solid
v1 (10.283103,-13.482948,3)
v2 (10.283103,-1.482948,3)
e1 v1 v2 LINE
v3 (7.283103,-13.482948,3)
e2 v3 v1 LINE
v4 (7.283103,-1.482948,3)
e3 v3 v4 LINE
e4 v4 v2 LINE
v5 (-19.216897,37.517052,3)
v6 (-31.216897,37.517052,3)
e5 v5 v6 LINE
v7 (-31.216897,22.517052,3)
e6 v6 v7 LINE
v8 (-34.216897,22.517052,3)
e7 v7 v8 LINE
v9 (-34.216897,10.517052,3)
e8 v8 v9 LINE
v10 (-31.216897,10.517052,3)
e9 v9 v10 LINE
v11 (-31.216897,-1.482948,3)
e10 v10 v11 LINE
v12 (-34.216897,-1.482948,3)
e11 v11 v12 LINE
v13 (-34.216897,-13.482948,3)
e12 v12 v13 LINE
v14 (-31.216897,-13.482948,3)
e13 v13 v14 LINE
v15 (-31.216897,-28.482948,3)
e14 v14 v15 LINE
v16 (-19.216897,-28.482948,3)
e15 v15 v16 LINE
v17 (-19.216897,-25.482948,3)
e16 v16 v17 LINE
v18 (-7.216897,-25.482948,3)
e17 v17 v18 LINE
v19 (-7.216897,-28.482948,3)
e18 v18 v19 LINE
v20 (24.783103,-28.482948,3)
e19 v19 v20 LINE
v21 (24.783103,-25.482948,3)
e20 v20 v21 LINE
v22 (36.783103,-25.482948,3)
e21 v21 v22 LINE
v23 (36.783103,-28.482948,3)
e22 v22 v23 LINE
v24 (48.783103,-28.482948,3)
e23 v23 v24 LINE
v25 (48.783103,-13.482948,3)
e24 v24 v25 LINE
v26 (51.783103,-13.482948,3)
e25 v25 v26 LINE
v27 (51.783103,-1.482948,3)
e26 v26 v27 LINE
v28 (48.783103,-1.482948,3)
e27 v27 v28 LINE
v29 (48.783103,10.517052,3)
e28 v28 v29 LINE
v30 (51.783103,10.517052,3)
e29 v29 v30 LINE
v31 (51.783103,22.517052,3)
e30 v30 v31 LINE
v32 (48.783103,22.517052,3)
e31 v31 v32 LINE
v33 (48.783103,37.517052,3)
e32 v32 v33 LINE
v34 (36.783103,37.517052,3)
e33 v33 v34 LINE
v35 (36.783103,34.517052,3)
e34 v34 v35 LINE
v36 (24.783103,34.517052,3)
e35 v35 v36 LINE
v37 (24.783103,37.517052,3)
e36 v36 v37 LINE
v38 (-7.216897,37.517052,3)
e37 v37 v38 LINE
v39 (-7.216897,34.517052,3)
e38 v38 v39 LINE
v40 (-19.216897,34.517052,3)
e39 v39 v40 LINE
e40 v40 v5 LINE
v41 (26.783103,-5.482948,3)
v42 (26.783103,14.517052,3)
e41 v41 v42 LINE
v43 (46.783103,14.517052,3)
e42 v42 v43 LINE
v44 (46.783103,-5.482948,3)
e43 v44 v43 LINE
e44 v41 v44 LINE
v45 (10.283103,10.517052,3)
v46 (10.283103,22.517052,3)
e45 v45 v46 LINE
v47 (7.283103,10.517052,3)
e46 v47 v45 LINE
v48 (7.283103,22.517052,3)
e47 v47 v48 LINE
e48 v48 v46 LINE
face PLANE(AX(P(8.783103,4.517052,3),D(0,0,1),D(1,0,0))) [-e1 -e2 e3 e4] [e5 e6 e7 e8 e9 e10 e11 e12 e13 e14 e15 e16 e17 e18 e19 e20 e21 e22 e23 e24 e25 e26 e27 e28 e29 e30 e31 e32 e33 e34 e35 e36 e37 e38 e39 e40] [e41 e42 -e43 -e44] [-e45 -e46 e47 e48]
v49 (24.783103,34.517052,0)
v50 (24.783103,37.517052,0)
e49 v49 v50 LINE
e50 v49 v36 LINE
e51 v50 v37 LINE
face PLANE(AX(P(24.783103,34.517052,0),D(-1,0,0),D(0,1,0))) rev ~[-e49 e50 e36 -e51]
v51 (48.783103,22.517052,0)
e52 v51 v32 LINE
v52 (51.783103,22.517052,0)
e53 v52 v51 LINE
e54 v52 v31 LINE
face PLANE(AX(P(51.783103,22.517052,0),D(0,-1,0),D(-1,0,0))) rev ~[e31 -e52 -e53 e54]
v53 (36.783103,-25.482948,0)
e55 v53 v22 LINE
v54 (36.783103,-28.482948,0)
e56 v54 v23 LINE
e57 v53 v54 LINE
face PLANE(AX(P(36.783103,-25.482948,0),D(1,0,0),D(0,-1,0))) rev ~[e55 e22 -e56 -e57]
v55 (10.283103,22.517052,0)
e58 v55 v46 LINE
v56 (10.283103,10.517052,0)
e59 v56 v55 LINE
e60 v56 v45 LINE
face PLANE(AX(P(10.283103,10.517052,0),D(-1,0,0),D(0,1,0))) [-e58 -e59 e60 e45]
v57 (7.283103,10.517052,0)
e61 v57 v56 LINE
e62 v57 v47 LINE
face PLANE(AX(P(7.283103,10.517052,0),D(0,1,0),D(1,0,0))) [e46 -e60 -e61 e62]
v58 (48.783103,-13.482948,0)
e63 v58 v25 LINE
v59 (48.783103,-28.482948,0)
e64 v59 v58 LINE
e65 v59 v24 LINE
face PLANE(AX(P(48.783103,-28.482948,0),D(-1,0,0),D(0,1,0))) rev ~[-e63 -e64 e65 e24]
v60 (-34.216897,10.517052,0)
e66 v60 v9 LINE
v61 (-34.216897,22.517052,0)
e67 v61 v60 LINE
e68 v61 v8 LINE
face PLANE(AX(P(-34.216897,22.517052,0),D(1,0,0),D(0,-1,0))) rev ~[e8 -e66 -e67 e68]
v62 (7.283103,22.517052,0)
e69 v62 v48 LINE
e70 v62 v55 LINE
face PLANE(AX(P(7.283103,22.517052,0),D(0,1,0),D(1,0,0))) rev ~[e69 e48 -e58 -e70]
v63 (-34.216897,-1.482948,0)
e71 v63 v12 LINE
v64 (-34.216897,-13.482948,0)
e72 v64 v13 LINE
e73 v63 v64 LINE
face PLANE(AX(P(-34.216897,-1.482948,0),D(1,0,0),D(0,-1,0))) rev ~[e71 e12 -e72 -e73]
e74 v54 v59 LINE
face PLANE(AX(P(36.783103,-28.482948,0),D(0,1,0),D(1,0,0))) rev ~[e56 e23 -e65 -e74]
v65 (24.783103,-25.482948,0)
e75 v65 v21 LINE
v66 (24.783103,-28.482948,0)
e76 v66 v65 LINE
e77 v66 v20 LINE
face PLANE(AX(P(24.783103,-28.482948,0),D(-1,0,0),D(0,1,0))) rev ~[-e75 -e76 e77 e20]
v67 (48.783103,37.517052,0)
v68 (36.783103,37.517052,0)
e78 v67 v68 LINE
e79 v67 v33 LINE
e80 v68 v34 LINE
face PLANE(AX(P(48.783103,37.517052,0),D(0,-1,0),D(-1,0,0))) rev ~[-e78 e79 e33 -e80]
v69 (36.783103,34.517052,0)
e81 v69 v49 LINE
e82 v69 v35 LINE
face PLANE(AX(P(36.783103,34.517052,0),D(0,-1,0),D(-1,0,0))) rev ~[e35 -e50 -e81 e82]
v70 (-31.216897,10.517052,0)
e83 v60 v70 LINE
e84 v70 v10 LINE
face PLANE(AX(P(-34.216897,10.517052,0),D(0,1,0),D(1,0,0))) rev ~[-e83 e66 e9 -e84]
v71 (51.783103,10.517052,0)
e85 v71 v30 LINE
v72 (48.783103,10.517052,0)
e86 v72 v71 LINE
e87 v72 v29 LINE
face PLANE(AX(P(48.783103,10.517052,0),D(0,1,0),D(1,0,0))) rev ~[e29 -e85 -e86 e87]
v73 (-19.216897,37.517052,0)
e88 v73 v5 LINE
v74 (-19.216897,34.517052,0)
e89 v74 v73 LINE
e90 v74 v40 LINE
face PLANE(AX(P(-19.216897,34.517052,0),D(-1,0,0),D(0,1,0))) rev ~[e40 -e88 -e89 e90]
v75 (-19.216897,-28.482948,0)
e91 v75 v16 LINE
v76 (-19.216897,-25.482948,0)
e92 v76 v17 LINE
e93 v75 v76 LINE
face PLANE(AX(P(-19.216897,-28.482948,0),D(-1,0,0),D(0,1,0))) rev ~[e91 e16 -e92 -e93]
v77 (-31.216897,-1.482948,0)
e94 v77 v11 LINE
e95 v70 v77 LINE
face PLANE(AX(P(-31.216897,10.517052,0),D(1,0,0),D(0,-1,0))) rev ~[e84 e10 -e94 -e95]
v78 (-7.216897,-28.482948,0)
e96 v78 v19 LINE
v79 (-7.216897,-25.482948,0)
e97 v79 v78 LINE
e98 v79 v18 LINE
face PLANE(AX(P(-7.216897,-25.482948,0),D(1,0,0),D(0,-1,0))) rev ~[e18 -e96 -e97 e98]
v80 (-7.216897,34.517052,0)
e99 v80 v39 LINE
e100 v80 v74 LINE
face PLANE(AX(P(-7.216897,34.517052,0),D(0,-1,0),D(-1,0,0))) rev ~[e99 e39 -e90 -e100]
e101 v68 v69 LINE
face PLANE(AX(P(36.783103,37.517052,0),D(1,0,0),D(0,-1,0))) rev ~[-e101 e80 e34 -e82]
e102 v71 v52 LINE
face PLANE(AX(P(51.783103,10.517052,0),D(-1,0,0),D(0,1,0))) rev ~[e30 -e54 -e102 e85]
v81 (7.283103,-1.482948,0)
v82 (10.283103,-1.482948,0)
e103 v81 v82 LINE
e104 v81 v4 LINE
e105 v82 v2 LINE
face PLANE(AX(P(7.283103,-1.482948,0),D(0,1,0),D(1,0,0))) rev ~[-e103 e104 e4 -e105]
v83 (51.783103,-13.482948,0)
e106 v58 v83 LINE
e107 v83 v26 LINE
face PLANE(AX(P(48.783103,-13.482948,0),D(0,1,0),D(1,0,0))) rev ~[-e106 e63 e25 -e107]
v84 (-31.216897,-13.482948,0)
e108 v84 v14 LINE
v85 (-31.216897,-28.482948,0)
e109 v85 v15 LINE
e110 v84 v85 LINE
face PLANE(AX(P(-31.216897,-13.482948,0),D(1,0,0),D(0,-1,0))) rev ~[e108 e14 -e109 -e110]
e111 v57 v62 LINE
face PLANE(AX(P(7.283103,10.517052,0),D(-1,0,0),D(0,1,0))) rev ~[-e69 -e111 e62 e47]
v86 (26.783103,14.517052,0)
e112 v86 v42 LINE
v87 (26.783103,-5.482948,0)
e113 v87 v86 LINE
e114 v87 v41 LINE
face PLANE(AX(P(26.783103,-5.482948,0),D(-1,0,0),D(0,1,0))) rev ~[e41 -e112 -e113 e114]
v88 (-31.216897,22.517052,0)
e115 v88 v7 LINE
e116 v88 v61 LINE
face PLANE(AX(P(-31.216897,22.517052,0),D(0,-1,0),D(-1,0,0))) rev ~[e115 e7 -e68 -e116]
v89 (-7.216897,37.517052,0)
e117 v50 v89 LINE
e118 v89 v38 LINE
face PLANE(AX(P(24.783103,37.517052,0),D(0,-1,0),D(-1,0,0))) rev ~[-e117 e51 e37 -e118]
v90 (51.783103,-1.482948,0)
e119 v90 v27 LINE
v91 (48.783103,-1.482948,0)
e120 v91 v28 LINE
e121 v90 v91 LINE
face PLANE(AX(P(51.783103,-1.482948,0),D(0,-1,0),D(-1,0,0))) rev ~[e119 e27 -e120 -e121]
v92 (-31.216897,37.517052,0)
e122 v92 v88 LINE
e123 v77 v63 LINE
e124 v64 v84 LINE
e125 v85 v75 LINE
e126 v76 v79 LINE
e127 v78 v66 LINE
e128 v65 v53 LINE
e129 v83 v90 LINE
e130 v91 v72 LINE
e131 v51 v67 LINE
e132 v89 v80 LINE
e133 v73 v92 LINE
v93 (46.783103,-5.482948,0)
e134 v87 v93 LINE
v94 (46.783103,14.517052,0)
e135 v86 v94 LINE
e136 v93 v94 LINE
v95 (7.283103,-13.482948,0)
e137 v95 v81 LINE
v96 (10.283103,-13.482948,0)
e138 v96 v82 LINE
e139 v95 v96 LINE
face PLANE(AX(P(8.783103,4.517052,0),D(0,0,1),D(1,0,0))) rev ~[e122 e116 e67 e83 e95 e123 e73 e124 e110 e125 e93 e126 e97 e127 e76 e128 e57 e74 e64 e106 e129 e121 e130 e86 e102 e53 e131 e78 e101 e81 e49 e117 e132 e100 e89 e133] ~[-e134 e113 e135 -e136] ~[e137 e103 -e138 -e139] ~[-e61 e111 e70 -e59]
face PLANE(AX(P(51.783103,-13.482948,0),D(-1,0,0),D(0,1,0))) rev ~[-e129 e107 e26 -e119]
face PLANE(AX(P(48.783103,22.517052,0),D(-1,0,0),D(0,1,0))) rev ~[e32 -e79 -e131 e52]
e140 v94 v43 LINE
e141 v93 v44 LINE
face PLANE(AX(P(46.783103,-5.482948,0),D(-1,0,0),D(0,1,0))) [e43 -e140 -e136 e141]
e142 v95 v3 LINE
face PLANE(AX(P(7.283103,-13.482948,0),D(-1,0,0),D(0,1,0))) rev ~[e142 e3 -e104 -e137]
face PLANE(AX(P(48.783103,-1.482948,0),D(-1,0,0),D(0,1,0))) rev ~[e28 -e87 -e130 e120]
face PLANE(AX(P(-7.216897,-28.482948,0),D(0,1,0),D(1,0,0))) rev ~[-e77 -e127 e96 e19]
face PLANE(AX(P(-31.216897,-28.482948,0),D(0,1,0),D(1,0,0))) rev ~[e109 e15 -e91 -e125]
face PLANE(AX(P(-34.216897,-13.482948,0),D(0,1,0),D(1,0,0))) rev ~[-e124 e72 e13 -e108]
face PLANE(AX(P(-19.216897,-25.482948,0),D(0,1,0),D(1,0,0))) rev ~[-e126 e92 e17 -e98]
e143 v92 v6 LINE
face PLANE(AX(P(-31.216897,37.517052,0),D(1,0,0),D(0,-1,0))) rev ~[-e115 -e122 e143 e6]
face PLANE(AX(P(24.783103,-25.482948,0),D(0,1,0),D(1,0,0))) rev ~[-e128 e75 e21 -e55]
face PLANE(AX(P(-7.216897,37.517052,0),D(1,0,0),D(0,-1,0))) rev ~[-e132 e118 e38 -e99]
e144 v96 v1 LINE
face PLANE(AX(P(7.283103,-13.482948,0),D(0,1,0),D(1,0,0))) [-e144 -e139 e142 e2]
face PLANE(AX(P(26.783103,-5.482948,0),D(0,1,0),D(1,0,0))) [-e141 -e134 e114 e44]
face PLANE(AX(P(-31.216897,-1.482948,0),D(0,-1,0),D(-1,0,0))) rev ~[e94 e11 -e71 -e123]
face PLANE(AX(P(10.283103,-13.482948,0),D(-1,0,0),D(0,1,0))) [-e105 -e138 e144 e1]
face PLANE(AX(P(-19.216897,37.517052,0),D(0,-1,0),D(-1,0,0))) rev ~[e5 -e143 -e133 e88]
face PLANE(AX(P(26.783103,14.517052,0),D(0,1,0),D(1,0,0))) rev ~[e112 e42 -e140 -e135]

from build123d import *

# Parameters (mm, degrees)
ESBO_O1_W                = 3
ESBO_O1_H                = 12
ESBO_O1_W_2              = 20
ESBO_O1_H_2              = 20
RESSALTO_EXTRUS_O1_DEPTH = 3


with BuildPart() as part:
    # Esboço1 → Ressalto-extrusão1 (new body)
    with BuildSketch(Plane.XY):
        Polygon((-31.216896784, 10.517052385), (-31.216896784, -1.482947615), (-34.216896784, -1.482947615), (-34.216896784, -13.482947615), (-31.216896784, -13.482947615), (-31.216896784, -25.482947615), (-31.216896784, -28.482947615), (-19.216896784, -28.482947615), (-19.216896784, -25.482947615), (-7.216896784, -25.482947615), (-7.216896784, -28.482947615), (4.783103216, -28.482947615), (24.783103216, -28.482947615), (24.783103216, -25.482947615), (36.783103216, -25.482947615), (36.783103216, -28.482947615), (48.783103216, -28.482947615), (48.783103216, -25.482947615), (48.783103216, -13.482947615), (51.783103216, -13.482947615), (51.783103216, -1.482947615), (48.783103216, -1.482947615), (48.783103216, 10.517052385), (51.783103216, 10.517052385), (51.783103216, 22.517052385), (48.783103216, 22.517052385), (48.783103216, 34.517052385), (48.783103216, 37.517052385), (36.783103216, 37.517052385), (36.783103216, 34.517052385), (24.783103216, 34.517052385), (24.783103216, 37.517052385), (-1.216896784, 37.517052385), (-7.216896784, 37.517052385), (-7.216896784, 34.517052385), (-19.216896784, 34.517052385), (-19.216896784, 37.517052385), (-31.216896784, 37.517052385), (-31.216896784, 34.517052385), (-31.216896784, 22.517052385), (-34.216896784, 22.517052385), (-34.216896784, 10.517052385), align=None)
        with Locations((8.783103216, 16.517052385)):
            Rectangle(ESBO_O1_W, ESBO_O1_H, mode=Mode.SUBTRACT)
        with Locations((8.783103216, -7.482947615)):
            Rectangle(ESBO_O1_W, ESBO_O1_H, mode=Mode.SUBTRACT)
        with Locations((36.783103216, 4.517052385)):
            Rectangle(ESBO_O1_W_2, ESBO_O1_H_2, mode=Mode.SUBTRACT)
    extrude(amount=RESSALTO_EXTRUS_O1_DEPTH)


solid = part.part
